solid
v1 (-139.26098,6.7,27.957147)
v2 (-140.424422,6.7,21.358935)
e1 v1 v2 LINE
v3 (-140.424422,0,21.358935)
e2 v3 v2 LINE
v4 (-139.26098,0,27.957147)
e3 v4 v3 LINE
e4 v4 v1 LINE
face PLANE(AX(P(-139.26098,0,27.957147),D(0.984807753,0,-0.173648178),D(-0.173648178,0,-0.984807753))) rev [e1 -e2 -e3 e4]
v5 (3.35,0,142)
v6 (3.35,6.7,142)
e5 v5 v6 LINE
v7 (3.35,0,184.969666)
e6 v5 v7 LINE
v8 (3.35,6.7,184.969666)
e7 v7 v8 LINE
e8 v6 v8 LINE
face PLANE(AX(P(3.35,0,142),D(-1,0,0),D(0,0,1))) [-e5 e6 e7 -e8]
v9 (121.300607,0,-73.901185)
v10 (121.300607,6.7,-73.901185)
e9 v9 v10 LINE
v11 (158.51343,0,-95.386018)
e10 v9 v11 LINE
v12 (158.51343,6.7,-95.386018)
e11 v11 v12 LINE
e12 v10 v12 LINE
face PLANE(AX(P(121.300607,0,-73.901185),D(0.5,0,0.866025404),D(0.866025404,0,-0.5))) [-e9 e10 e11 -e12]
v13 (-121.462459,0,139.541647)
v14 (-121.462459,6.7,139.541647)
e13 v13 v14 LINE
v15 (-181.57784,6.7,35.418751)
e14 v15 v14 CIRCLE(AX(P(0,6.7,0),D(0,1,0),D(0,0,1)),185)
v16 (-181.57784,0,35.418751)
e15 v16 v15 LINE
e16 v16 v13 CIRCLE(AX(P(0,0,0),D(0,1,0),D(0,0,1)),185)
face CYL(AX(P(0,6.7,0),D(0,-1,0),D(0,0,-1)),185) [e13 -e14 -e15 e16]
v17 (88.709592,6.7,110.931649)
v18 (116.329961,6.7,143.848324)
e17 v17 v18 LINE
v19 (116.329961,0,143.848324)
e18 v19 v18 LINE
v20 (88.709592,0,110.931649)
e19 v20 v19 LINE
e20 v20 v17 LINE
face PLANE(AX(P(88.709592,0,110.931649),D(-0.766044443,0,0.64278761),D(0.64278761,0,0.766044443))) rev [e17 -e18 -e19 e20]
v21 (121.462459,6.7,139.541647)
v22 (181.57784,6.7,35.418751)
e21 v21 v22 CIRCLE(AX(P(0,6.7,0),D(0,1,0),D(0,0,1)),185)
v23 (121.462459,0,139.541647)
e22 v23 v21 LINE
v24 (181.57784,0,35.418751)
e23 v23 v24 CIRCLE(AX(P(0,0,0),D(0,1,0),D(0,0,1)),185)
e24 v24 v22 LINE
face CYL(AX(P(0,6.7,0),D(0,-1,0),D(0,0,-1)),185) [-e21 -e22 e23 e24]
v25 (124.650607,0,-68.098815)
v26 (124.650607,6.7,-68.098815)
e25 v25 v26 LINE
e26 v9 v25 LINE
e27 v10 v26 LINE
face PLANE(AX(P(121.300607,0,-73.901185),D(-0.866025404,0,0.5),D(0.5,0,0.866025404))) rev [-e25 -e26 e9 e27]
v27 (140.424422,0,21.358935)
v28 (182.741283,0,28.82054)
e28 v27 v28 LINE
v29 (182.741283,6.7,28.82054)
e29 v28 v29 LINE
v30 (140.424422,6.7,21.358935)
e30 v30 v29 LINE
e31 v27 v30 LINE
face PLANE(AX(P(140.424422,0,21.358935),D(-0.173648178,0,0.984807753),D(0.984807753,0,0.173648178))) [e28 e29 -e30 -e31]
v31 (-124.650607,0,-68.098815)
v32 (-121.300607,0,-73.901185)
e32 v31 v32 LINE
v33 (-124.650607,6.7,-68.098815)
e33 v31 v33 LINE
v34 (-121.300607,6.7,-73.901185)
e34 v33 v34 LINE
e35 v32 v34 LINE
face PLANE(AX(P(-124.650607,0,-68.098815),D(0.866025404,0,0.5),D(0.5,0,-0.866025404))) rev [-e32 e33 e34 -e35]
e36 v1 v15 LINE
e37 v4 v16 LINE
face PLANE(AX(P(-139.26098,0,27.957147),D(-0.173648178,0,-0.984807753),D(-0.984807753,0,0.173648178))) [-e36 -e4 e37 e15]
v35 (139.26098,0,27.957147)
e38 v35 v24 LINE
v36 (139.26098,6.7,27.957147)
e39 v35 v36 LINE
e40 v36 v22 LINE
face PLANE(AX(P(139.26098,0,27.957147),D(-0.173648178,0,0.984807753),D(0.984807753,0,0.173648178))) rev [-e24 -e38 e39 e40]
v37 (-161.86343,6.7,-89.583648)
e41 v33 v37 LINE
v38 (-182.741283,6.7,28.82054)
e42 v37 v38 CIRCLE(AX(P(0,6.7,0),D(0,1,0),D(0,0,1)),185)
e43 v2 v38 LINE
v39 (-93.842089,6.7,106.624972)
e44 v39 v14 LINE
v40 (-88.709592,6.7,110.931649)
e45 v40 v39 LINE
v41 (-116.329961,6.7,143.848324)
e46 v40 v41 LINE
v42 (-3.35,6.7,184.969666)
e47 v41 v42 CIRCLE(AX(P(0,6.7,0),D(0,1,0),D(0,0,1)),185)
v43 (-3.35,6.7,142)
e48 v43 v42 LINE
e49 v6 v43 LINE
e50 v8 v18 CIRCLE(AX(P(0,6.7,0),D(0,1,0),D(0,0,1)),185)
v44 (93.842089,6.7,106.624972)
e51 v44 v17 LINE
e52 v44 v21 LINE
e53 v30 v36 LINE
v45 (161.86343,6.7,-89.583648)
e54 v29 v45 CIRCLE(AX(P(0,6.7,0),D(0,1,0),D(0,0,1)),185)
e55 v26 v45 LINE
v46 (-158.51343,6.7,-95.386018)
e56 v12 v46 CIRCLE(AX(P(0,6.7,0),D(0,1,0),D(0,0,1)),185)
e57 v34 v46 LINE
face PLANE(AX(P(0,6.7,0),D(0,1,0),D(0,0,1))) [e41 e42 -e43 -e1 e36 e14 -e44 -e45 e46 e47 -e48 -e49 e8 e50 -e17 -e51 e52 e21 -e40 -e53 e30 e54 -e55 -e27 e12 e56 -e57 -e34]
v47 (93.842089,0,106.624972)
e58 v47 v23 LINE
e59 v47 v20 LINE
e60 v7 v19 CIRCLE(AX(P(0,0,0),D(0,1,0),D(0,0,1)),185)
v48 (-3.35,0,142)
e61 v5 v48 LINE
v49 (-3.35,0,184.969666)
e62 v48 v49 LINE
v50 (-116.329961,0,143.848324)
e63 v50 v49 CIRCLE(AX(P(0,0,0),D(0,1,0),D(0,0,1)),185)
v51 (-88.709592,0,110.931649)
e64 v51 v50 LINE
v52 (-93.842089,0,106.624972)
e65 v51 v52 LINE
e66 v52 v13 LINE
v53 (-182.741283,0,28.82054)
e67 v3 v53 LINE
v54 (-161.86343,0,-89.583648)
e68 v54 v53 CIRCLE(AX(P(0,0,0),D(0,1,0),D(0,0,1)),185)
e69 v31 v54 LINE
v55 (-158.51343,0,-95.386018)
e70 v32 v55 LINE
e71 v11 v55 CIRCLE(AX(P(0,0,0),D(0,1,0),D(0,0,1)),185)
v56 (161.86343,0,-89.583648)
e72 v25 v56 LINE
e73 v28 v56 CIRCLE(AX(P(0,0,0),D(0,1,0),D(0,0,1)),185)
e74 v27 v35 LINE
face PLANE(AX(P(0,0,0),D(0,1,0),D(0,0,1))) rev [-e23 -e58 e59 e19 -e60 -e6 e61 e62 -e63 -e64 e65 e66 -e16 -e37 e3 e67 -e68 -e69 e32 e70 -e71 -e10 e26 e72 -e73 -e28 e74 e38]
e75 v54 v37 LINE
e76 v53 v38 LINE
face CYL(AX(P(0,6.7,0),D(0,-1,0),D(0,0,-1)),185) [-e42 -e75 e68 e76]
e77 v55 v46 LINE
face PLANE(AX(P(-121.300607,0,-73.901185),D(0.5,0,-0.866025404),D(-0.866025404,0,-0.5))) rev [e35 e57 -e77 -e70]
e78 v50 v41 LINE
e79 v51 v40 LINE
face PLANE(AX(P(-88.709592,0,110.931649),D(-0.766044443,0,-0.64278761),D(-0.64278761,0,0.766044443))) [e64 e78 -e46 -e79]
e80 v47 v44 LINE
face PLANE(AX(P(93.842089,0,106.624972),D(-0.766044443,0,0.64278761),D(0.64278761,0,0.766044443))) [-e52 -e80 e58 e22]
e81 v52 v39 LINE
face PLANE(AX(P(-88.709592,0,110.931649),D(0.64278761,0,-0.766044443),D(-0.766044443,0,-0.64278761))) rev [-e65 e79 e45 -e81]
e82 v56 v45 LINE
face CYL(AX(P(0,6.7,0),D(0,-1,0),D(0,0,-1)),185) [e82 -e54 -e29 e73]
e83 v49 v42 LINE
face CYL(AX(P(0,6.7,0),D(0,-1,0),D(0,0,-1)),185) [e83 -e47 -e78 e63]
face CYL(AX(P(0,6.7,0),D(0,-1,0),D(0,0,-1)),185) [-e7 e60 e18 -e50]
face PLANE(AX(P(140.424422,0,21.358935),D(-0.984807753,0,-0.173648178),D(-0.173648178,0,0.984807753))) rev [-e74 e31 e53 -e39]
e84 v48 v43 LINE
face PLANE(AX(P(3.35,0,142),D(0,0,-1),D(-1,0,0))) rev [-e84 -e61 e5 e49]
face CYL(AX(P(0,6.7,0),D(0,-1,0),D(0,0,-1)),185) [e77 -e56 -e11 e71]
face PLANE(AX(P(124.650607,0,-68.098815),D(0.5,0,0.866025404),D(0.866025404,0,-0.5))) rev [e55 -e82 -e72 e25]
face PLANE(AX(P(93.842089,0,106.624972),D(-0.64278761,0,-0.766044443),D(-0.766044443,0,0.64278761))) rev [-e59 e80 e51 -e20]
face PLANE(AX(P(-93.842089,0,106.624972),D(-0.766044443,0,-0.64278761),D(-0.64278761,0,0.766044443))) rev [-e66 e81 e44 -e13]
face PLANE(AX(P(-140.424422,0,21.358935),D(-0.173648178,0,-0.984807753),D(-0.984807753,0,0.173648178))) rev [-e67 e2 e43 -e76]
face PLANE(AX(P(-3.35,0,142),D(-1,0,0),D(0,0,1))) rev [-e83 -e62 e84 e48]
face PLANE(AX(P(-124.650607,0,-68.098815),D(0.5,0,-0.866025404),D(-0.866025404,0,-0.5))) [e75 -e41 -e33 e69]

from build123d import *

# Parameters (mm, degrees)
SKETCH1_R           = 185
BOSS_EXTRUDE1_DEPTH = 6.7
SKETCH2_W           = 6.7
SKETCH2_H           = 44
CUT_EXTRUDE3_DEPTH  = 6.7


with BuildPart() as part:
    # Sketch1 → Boss-Extrude1 (new body)
    with BuildSketch(Plane(origin=(0, 0, 0), x_dir=(1, 0, 0), z_dir=(0, 1, 0))):
        with Locations(Location((0, 0, 0), (0, 0, 270))):
            Circle(SKETCH1_R)
    extrude(amount=BOSS_EXTRUDE1_DEPTH)

    # Sketch2 → Cut-Extrude3 (cut)
    with BuildSketch(Plane(origin=(0, 6.7, 0), x_dir=(1, 0, 0), z_dir=(0, 1, 0))):
        Polygon((159.405725104, 95.901185103), (121.300607337, 73.901185103), (124.650607337, 68.098814897), (162.755725104, 90.098814897), align=None)
        Polygon((122.124744286, -140.330927928), (93.84208946, -106.62497243), (88.709591691, -110.931649415), (116.992246517, -144.637604913), align=None)
        Polygon((183.755963455, -28.999455073), (140.424422323, -21.358935256), (139.260979533, -27.957147201), (182.592520665, -35.597667019), align=None)
        with Locations((0, -164)):
            Rectangle(SKETCH2_W, SKETCH2_H)
        Polygon((-116.992246517, -144.637604913), (-88.709591691, -110.931649415), (-93.84208946, -106.62497243), (-122.124744286, -140.330927928), align=None)
        Polygon((-182.592520665, -35.597667019), (-139.260979533, -27.957147201), (-140.424422323, -21.358935256), (-183.755963455, -28.999455073), align=None)
        Polygon((-162.755725104, 90.098814897), (-124.650607337, 68.098814897), (-121.300607337, 73.901185103), (-159.405725104, 95.901185103), align=None)
    extrude(amount=-CUT_EXTRUDE3_DEPTH, mode=Mode.SUBTRACT)


solid = part.part
